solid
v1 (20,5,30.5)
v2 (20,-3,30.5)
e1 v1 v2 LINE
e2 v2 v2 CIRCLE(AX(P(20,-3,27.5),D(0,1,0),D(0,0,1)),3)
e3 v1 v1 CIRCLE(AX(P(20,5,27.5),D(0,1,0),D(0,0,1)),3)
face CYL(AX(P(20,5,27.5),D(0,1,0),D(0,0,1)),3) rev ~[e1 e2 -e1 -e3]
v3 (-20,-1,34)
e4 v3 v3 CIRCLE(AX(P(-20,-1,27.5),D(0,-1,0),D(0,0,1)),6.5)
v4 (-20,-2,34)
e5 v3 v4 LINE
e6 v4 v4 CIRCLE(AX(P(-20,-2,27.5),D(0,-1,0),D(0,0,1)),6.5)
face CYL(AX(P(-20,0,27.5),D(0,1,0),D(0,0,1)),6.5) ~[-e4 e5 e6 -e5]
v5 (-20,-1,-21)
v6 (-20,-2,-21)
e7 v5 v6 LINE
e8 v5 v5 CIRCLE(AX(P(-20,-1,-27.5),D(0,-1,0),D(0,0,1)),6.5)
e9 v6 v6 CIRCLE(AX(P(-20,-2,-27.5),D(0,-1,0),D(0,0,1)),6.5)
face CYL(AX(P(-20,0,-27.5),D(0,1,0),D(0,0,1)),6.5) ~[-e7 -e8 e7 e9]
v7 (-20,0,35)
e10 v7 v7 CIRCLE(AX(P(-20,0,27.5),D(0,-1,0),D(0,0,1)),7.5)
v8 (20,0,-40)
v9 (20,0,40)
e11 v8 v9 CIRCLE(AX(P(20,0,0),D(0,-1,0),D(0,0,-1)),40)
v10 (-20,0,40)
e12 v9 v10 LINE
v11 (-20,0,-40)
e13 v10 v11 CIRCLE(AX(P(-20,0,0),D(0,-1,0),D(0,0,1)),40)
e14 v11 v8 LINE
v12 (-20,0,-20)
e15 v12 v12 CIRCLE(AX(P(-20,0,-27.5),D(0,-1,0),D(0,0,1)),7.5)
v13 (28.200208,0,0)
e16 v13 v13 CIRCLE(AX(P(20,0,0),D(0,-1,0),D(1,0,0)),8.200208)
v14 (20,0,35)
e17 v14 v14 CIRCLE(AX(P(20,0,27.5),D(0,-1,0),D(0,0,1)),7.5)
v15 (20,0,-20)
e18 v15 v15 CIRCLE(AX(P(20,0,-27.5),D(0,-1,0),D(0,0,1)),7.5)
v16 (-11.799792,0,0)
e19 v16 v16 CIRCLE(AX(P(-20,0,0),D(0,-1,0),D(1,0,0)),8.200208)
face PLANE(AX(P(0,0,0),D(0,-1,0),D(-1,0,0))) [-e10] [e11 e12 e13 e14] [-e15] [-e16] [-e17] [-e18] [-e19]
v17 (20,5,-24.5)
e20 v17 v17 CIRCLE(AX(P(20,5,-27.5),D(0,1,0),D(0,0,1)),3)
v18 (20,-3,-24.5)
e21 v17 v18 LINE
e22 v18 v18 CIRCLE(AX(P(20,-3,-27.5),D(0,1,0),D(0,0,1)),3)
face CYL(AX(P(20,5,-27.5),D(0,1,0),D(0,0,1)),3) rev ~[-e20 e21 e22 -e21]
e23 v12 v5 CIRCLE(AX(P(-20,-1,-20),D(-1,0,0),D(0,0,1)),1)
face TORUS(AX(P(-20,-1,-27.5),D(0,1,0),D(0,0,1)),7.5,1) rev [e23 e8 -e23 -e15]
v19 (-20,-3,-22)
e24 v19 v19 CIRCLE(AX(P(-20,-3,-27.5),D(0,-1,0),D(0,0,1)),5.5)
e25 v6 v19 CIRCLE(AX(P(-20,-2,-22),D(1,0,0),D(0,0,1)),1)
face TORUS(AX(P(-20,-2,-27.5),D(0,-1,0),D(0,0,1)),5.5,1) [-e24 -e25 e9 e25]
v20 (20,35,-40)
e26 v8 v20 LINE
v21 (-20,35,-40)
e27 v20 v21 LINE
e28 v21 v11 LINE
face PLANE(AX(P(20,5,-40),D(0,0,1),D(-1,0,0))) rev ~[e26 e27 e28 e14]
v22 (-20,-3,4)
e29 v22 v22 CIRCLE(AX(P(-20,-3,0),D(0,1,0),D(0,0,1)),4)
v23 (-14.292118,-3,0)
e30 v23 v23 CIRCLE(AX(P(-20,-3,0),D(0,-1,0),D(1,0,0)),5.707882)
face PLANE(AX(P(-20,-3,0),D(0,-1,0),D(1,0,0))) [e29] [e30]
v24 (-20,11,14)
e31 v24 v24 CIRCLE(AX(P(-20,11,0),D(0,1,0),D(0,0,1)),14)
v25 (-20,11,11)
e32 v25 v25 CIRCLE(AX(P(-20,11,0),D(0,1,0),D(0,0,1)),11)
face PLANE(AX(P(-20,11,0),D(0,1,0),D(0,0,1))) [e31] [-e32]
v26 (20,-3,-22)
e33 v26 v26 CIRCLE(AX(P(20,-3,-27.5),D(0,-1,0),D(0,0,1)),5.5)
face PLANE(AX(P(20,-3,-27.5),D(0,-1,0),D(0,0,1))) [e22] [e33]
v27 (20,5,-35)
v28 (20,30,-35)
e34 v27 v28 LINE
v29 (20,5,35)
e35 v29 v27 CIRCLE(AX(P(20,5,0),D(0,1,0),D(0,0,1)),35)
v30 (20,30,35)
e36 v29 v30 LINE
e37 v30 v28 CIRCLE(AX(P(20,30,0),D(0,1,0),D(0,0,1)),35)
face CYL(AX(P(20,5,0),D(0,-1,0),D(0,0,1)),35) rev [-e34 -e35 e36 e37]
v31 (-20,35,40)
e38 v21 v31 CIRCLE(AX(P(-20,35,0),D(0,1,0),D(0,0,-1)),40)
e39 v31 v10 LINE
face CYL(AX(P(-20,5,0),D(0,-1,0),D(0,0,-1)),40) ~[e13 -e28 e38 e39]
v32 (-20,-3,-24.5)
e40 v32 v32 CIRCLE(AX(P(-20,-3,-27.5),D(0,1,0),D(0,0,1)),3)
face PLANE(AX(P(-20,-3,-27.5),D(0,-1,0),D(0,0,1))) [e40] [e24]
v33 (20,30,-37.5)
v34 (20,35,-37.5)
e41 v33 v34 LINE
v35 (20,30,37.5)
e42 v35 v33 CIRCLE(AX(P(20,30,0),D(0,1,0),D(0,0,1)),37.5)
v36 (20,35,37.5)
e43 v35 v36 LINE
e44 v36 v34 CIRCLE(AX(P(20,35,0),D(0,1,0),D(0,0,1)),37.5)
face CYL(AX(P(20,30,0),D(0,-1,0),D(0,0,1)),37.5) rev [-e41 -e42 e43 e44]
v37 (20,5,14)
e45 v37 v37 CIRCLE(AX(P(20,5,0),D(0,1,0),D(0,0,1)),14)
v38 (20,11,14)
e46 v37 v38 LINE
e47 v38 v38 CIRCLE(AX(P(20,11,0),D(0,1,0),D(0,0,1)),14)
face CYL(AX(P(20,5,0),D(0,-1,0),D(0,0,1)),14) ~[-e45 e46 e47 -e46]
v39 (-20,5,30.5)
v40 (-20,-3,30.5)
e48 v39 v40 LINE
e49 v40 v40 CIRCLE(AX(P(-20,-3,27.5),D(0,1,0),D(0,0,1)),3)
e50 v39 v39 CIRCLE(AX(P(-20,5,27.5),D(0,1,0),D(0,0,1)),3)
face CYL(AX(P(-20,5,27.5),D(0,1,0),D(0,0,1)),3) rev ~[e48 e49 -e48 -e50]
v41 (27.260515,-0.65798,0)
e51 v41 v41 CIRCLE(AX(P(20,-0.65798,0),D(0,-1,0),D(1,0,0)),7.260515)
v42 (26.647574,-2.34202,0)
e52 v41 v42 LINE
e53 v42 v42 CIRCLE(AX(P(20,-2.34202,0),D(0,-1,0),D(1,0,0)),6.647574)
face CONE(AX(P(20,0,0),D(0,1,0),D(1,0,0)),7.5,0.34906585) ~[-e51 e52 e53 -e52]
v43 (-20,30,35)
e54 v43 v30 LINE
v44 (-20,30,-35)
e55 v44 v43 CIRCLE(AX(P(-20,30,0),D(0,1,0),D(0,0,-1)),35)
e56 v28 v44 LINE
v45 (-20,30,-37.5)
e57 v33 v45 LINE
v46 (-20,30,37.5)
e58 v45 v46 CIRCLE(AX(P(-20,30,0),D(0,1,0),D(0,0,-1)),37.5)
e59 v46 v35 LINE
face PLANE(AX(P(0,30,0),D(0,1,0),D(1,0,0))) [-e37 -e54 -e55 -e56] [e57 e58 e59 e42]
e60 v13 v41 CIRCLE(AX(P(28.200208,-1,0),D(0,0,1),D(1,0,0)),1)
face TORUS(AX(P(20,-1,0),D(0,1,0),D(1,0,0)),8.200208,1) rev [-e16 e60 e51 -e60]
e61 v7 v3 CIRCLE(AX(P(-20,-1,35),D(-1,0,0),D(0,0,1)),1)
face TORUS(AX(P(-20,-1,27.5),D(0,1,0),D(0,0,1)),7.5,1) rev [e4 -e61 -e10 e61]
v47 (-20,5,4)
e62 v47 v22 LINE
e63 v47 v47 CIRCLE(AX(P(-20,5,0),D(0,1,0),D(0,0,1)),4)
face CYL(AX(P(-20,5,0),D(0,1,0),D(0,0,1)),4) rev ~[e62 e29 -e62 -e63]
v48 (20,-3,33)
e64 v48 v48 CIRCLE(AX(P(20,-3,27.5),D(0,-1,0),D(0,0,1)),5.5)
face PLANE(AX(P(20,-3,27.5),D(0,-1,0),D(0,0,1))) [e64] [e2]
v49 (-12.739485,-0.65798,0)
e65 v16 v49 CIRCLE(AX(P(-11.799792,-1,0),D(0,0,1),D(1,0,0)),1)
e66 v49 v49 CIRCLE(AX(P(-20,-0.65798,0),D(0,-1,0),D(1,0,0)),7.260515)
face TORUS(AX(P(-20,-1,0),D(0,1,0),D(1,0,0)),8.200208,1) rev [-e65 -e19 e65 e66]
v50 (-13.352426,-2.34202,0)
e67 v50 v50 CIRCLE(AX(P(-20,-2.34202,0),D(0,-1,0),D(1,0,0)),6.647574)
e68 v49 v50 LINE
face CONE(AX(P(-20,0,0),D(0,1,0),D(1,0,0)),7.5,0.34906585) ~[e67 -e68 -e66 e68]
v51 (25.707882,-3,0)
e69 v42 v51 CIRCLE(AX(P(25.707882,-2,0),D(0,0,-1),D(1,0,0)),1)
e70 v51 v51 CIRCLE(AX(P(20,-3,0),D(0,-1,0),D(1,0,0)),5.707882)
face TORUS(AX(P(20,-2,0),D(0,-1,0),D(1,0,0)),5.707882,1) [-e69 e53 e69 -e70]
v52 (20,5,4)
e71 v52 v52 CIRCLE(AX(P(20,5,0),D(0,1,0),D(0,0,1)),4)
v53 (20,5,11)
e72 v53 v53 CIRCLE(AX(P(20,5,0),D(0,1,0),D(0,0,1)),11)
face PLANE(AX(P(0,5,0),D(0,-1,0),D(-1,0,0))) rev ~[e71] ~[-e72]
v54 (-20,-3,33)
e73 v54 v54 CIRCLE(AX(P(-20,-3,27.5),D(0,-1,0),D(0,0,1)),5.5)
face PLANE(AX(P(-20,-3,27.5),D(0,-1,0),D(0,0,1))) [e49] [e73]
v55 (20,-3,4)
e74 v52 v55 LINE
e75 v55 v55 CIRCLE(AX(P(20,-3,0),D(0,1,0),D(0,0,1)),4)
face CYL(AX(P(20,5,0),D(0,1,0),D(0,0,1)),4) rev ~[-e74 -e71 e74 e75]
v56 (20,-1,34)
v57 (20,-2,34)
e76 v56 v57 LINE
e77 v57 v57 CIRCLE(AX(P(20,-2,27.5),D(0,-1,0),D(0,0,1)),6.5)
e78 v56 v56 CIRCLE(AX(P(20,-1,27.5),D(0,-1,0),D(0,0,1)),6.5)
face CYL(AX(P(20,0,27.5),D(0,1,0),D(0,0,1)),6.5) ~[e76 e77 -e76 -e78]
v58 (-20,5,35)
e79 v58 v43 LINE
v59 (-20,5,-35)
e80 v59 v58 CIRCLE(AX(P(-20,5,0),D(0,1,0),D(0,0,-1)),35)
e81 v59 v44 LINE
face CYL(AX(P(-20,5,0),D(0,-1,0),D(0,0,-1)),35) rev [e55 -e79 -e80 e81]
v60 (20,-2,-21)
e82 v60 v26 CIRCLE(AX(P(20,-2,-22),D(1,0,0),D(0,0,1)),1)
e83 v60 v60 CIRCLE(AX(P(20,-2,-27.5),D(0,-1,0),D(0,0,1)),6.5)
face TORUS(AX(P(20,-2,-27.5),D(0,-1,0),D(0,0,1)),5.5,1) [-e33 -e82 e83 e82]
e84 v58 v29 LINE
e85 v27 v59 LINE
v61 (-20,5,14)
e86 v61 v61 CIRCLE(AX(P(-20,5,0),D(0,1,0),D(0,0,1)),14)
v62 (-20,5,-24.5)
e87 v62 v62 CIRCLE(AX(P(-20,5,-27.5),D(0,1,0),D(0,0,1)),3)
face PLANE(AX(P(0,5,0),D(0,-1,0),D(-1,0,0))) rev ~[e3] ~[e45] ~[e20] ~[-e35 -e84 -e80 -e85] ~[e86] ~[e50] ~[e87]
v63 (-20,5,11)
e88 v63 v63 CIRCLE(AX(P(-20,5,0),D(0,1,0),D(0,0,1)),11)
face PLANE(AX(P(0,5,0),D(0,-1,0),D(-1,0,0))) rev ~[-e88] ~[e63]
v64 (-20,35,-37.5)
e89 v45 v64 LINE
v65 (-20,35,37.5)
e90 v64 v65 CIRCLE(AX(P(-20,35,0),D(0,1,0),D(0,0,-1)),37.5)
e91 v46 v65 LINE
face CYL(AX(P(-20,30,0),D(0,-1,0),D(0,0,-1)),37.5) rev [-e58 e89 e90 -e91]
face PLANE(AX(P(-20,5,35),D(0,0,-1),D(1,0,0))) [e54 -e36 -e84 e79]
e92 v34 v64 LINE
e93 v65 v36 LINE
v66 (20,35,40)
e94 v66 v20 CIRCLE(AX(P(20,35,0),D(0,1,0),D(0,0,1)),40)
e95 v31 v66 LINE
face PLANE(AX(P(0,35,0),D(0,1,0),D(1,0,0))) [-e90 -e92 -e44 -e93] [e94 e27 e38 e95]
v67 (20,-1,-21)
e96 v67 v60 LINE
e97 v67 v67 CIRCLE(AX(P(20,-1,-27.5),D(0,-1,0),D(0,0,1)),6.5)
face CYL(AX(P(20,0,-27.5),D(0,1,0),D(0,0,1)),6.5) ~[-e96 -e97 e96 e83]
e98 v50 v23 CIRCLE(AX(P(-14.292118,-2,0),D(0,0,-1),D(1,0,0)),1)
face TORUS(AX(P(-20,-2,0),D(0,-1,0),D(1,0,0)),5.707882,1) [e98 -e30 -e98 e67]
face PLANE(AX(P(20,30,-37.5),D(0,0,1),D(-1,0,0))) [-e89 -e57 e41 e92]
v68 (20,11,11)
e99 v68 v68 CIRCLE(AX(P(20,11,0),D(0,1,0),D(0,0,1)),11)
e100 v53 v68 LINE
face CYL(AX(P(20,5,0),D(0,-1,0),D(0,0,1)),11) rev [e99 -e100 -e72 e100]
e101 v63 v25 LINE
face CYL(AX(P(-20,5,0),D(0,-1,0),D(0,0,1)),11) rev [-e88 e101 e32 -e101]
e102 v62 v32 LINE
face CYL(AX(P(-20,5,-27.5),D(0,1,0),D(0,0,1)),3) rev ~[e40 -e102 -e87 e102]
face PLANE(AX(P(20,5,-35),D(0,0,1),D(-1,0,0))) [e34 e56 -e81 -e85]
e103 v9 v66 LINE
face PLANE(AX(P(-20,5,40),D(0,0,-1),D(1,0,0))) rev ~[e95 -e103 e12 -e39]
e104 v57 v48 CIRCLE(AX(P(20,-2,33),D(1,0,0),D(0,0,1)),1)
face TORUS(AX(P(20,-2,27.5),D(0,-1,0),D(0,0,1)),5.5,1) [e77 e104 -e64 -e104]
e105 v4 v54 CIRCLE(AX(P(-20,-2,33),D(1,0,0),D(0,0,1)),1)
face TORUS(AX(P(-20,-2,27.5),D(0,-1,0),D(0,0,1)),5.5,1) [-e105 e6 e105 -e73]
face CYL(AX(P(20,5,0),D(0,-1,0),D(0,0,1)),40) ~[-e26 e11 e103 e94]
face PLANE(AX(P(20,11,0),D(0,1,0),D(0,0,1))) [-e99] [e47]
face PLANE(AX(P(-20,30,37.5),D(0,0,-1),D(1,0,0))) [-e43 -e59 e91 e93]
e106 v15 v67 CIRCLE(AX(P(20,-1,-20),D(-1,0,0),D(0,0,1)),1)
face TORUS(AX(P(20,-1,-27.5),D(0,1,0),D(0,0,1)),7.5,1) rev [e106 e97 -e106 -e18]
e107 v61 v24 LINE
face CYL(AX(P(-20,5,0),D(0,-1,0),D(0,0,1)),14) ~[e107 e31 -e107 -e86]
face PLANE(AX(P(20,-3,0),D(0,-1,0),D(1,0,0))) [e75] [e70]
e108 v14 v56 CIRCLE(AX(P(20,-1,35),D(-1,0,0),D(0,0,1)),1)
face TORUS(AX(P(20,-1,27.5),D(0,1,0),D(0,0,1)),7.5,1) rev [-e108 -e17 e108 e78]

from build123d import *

# Parameters (mm, degrees)
SALIENTE_EXTRUIR1_DEPTH           = 5
SALIENTE_EXTRUIR2_DEPTH           = 30
CORTAR_EXTRUIR1_START             = -5
CORTAR_EXTRUIR1_DEPTH             = 5
CROQUIS7_R                        = 7.5
SALIENTE_EXTRUIR4_DEPTH           = 3
SALIENTE_EXTRUIR4_DRAFT           = 20
SALIENTE_EXTRUIR4_PROFILE_2_DEPTH = 3
SALIENTE_EXTRUIR4_PROFILE_2_DRAFT = 20
CORTAR_EXTRUIR2_REACH             = 80.102
CROQUIS4_R                        = 4
REDONDEO1_R                       = 1
CROQUIS9_R                        = 6.5
SALIENTE_EXTRUIR5_DEPTH           = 3
REDONDEO2_R                       = 1
CORTAR_EXTRUIR3_REACH             = 80.102
CROQUIS8_R                        = 3
CROQUIS10_R                       = 14
CROQUIS10_R_2                     = 11
SALIENTE_EXTRUIR6_DEPTH           = 6


with BuildPart() as part:
    # Croquis1 → Saliente-Extruir1 (new body)
    with BuildSketch(Plane(origin=(0, 0, 0), x_dir=(1, 0, 0), z_dir=(0, 1, 0))):
        with BuildLine():
            Line((-20, 40), (20, 40))
            ThreePointArc((20, 40), (60, 0), (20, -40))
            Line((20, -40), (-20, -40))
            ThreePointArc((-20, -40), (-60, 0), (-20, 40))
        make_face()
    extrude(amount=SALIENTE_EXTRUIR1_DEPTH)

    # Croquis2 → Saliente-Extruir2 (add)
    with BuildSketch(Plane(origin=(0, 5, 0), x_dir=(1, 0, 0), z_dir=(0, 1, 0))):
        with BuildLine():
            Line((-20, -40), (20, -40))
            ThreePointArc((20, -40), (60, 0), (20, 40))
            Line((20, 40), (-20, 40))
            ThreePointArc((-20, 40), (-60, 0), (-20, -40))
        make_face()
        with BuildLine():
            Line((-20, -35), (20, -35))
            ThreePointArc((20, -35), (55, 0), (20, 35))
            Line((20, 35), (-20, 35))
            ThreePointArc((-20, 35), (-55, 0), (-20, -35))
        make_face(mode=Mode.SUBTRACT)
    extrude(amount=SALIENTE_EXTRUIR2_DEPTH)

    # Croquis3 → Cortar-Extruir1 (cut)
    with BuildSketch(Plane(origin=(0, 35, 0), x_dir=(1, 0, 0), z_dir=(0, 1, 0)).offset(CORTAR_EXTRUIR1_START)):
        with BuildLine():
            Line((-20, -37.5), (20, -37.5))
            ThreePointArc((20, -37.5), (57.5, 0), (20, 37.5))
            Line((20, 37.5), (-20, 37.5))
            ThreePointArc((-20, 37.5), (-57.5, 0), (-20, -37.5))
        make_face()
        with BuildLine():
            Line((-20, -35), (20, -35))
            ThreePointArc((20, -35), (55, 0), (20, 35))
            Line((20, 35), (-20, 35))
            ThreePointArc((-20, 35), (-55, 0), (-20, -35))
        make_face(mode=Mode.SUBTRACT)
    extrude(amount=CORTAR_EXTRUIR1_DEPTH, mode=Mode.SUBTRACT)


with BuildPart() as saliente_extruir4_tool:
    # Croquis7 → Saliente-Extruir4 (with draft: the straight prism first)
    with BuildSketch(Plane.XZ):
        with Locations((-20, 0)):
            Circle(CROQUIS7_R)
    extrude(amount=SALIENTE_EXTRUIR4_DEPTH)
    # Saliente-Extruir4: the draft: its side faces are tilted about the plane it starts from
    saliente_extruir4_sides = [saliente_extruir4_tool.faces().sort_by_distance(p)[0] for p in [
        (-27.5, -1.5, 0),
    ]]
    draft(saliente_extruir4_sides, Plane.XZ, SALIENTE_EXTRUIR4_DRAFT)


with BuildPart() as part_1:
    add(part.part)

    # Saliente-Extruir4: add saliente_extruir4_tool
    add(saliente_extruir4_tool.part)


with BuildPart() as saliente_extruir4_profile_2_tool:
    # Croquis7 → Saliente-Extruir4 profile 2 (with draft: the straight prism first)
    with BuildSketch(Plane.XZ):
        with Locations((20, 0)):
            Circle(CROQUIS7_R)
    extrude(amount=SALIENTE_EXTRUIR4_PROFILE_2_DEPTH)
    # Saliente-Extruir4 profile 2: the draft: its side faces are tilted about the plane it starts from
    saliente_extruir4_profile_2_sides = [saliente_extruir4_profile_2_tool.faces().sort_by_distance(p)[0] for p in [
        (12.5, -1.5, 0),
    ]]
    draft(saliente_extruir4_profile_2_sides, Plane.XZ, SALIENTE_EXTRUIR4_PROFILE_2_DRAFT)


with BuildPart() as part_2:
    add(part_1.part)

    # Saliente-Extruir4 profile 2: add saliente_extruir4_profile_2_tool
    add(saliente_extruir4_profile_2_tool.part)

    # Croquis4 → Cortar-Extruir2 (cut, up to next)
    with BuildSketch(Plane(origin=(0, 5, 0), x_dir=(1, 0, 0), z_dir=(0, 1, 0)), mode=Mode.PRIVATE) as cortar_extruir2_sk1:
        with Locations(Location((-20, 0, 0), (0, 0, 270))):
            Circle(CROQUIS4_R)
    cortar_extruir2_tool1 = extrude(cortar_extruir2_sk1.sketch, amount=-CORTAR_EXTRUIR2_REACH, mode=Mode.PRIVATE) & part_2.part
    # Croquis4 → Cortar-Extruir2 (cut, up to next)
    with BuildSketch(Plane(origin=(0, 5, 0), x_dir=(1, 0, 0), z_dir=(0, 1, 0)), mode=Mode.PRIVATE) as cortar_extruir2_sk2:
        with Locations(Location((20, 0, 0), (0, 0, 270))):
            Circle(CROQUIS4_R)
    cortar_extruir2_tool2 = extrude(cortar_extruir2_sk2.sketch, amount=-CORTAR_EXTRUIR2_REACH, mode=Mode.PRIVATE) & part_2.part
    add(cortar_extruir2_tool1.solids().sort_by_distance((-20, 5, 0))[0], mode=Mode.SUBTRACT)
    add(cortar_extruir2_tool2.solids().sort_by_distance((20, 5, 0))[0], mode=Mode.SUBTRACT)

    # Redondeo1
    redondeo1_edges = [part_2.edges().sort_by_distance(p)[0] for p in [
        (-27.5, 0, 0),
        (-26.408089297, -3, 0),
        (12.5, 0, 0),
        (13.591910703, -3, 0),
    ]]
    fillet(redondeo1_edges, radius=REDONDEO1_R)

    # Croquis9 → Saliente-Extruir5 (add)
    with BuildSketch(Plane.XZ):
        with Locations(Location((20, 27.5, 0), (0, 0, 90))):
            Circle(CROQUIS9_R)
        with Locations(Location((-20, 27.5, 0), (0, 0, 90))):
            Circle(CROQUIS9_R)
        with Locations(Location((-20, -27.5, 0), (0, 0, 90))):
            Circle(CROQUIS9_R)
        with Locations(Location((20, -27.5, 0), (0, 0, 90))):
            Circle(CROQUIS9_R)
    extrude(amount=SALIENTE_EXTRUIR5_DEPTH)

    # Redondeo2
    redondeo2_edges = [part_2.edges().sort_by_distance(p)[0] for p in [
        (-20, -3, -34),
        (20, 0, -34),
        (20, -3, -34),
        (20, 0, 21),
        (20, -3, 21),
        (-20, 0, 21),
        (-20, -3, 21),
        (-20, 0, -34),
    ]]
    fillet(redondeo2_edges, radius=REDONDEO2_R)

    # Croquis8 → Cortar-Extruir3 (cut, up to next)
    with BuildSketch(Plane(origin=(0, 5, 0), x_dir=(1, 0, 0), z_dir=(0, 1, 0)), mode=Mode.PRIVATE) as cortar_extruir3_sk1:
        with Locations(Location((-20, 27.5, 0), (0, 0, 270))):
            Circle(CROQUIS8_R)
    cortar_extruir3_tool1 = extrude(cortar_extruir3_sk1.sketch, amount=-CORTAR_EXTRUIR3_REACH, mode=Mode.PRIVATE) & part_2.part
    # Croquis8 → Cortar-Extruir3 (cut, up to next)
    with BuildSketch(Plane(origin=(0, 5, 0), x_dir=(1, 0, 0), z_dir=(0, 1, 0)), mode=Mode.PRIVATE) as cortar_extruir3_sk2:
        with Locations(Location((20, 27.5, 0), (0, 0, 270))):
            Circle(CROQUIS8_R)
    cortar_extruir3_tool2 = extrude(cortar_extruir3_sk2.sketch, amount=-CORTAR_EXTRUIR3_REACH, mode=Mode.PRIVATE) & part_2.part
    # Croquis8 → Cortar-Extruir3 (cut, up to next)
    with BuildSketch(Plane(origin=(0, 5, 0), x_dir=(1, 0, 0), z_dir=(0, 1, 0)), mode=Mode.PRIVATE) as cortar_extruir3_sk3:
        with Locations(Location((20, -27.5, 0), (0, 0, 270))):
            Circle(CROQUIS8_R)
    cortar_extruir3_tool3 = extrude(cortar_extruir3_sk3.sketch, amount=-CORTAR_EXTRUIR3_REACH, mode=Mode.PRIVATE) & part_2.part
    # Croquis8 → Cortar-Extruir3 (cut, up to next)
    with BuildSketch(Plane(origin=(0, 5, 0), x_dir=(1, 0, 0), z_dir=(0, 1, 0)), mode=Mode.PRIVATE) as cortar_extruir3_sk4:
        with Locations(Location((-20, -27.5, 0), (0, 0, 270))):
            Circle(CROQUIS8_R)
    cortar_extruir3_tool4 = extrude(cortar_extruir3_sk4.sketch, amount=-CORTAR_EXTRUIR3_REACH, mode=Mode.PRIVATE) & part_2.part
    add(cortar_extruir3_tool1.solids().sort_by_distance((-20, 5, -27.5))[0], mode=Mode.SUBTRACT)
    add(cortar_extruir3_tool2.solids().sort_by_distance((20, 5, -27.5))[0], mode=Mode.SUBTRACT)
    add(cortar_extruir3_tool3.solids().sort_by_distance((20, 5, 27.5))[0], mode=Mode.SUBTRACT)
    add(cortar_extruir3_tool4.solids().sort_by_distance((-20, 5, 27.5))[0], mode=Mode.SUBTRACT)

    # Croquis10 → Saliente-Extruir6 (add)
    # profile 1 of 2: a face of its own
    with BuildSketch(Plane(origin=(0, 5, 0), x_dir=(1, 0, 0), z_dir=(0, 1, 0))):
        with Locations(Location((-20, 0, 0), (0, 0, 270))):
            Circle(CROQUIS10_R)
        with Locations(Location((-20, 0, 0), (0, 0, 270))):
            Circle(CROQUIS10_R_2, mode=Mode.SUBTRACT)
    # profile 2 of 2: a face of its own
    with BuildSketch(Plane(origin=(0, 5, 0), x_dir=(1, 0, 0), z_dir=(0, 1, 0))):
        with Locations(Location((20, 0, 0), (0, 0, 270))):
            Circle(CROQUIS10_R)
        with Locations(Location((20, 0, 0), (0, 0, 270))):
            Circle(CROQUIS10_R_2, mode=Mode.SUBTRACT)
    extrude(amount=SALIENTE_EXTRUIR6_DEPTH)


solid = part_2.part
